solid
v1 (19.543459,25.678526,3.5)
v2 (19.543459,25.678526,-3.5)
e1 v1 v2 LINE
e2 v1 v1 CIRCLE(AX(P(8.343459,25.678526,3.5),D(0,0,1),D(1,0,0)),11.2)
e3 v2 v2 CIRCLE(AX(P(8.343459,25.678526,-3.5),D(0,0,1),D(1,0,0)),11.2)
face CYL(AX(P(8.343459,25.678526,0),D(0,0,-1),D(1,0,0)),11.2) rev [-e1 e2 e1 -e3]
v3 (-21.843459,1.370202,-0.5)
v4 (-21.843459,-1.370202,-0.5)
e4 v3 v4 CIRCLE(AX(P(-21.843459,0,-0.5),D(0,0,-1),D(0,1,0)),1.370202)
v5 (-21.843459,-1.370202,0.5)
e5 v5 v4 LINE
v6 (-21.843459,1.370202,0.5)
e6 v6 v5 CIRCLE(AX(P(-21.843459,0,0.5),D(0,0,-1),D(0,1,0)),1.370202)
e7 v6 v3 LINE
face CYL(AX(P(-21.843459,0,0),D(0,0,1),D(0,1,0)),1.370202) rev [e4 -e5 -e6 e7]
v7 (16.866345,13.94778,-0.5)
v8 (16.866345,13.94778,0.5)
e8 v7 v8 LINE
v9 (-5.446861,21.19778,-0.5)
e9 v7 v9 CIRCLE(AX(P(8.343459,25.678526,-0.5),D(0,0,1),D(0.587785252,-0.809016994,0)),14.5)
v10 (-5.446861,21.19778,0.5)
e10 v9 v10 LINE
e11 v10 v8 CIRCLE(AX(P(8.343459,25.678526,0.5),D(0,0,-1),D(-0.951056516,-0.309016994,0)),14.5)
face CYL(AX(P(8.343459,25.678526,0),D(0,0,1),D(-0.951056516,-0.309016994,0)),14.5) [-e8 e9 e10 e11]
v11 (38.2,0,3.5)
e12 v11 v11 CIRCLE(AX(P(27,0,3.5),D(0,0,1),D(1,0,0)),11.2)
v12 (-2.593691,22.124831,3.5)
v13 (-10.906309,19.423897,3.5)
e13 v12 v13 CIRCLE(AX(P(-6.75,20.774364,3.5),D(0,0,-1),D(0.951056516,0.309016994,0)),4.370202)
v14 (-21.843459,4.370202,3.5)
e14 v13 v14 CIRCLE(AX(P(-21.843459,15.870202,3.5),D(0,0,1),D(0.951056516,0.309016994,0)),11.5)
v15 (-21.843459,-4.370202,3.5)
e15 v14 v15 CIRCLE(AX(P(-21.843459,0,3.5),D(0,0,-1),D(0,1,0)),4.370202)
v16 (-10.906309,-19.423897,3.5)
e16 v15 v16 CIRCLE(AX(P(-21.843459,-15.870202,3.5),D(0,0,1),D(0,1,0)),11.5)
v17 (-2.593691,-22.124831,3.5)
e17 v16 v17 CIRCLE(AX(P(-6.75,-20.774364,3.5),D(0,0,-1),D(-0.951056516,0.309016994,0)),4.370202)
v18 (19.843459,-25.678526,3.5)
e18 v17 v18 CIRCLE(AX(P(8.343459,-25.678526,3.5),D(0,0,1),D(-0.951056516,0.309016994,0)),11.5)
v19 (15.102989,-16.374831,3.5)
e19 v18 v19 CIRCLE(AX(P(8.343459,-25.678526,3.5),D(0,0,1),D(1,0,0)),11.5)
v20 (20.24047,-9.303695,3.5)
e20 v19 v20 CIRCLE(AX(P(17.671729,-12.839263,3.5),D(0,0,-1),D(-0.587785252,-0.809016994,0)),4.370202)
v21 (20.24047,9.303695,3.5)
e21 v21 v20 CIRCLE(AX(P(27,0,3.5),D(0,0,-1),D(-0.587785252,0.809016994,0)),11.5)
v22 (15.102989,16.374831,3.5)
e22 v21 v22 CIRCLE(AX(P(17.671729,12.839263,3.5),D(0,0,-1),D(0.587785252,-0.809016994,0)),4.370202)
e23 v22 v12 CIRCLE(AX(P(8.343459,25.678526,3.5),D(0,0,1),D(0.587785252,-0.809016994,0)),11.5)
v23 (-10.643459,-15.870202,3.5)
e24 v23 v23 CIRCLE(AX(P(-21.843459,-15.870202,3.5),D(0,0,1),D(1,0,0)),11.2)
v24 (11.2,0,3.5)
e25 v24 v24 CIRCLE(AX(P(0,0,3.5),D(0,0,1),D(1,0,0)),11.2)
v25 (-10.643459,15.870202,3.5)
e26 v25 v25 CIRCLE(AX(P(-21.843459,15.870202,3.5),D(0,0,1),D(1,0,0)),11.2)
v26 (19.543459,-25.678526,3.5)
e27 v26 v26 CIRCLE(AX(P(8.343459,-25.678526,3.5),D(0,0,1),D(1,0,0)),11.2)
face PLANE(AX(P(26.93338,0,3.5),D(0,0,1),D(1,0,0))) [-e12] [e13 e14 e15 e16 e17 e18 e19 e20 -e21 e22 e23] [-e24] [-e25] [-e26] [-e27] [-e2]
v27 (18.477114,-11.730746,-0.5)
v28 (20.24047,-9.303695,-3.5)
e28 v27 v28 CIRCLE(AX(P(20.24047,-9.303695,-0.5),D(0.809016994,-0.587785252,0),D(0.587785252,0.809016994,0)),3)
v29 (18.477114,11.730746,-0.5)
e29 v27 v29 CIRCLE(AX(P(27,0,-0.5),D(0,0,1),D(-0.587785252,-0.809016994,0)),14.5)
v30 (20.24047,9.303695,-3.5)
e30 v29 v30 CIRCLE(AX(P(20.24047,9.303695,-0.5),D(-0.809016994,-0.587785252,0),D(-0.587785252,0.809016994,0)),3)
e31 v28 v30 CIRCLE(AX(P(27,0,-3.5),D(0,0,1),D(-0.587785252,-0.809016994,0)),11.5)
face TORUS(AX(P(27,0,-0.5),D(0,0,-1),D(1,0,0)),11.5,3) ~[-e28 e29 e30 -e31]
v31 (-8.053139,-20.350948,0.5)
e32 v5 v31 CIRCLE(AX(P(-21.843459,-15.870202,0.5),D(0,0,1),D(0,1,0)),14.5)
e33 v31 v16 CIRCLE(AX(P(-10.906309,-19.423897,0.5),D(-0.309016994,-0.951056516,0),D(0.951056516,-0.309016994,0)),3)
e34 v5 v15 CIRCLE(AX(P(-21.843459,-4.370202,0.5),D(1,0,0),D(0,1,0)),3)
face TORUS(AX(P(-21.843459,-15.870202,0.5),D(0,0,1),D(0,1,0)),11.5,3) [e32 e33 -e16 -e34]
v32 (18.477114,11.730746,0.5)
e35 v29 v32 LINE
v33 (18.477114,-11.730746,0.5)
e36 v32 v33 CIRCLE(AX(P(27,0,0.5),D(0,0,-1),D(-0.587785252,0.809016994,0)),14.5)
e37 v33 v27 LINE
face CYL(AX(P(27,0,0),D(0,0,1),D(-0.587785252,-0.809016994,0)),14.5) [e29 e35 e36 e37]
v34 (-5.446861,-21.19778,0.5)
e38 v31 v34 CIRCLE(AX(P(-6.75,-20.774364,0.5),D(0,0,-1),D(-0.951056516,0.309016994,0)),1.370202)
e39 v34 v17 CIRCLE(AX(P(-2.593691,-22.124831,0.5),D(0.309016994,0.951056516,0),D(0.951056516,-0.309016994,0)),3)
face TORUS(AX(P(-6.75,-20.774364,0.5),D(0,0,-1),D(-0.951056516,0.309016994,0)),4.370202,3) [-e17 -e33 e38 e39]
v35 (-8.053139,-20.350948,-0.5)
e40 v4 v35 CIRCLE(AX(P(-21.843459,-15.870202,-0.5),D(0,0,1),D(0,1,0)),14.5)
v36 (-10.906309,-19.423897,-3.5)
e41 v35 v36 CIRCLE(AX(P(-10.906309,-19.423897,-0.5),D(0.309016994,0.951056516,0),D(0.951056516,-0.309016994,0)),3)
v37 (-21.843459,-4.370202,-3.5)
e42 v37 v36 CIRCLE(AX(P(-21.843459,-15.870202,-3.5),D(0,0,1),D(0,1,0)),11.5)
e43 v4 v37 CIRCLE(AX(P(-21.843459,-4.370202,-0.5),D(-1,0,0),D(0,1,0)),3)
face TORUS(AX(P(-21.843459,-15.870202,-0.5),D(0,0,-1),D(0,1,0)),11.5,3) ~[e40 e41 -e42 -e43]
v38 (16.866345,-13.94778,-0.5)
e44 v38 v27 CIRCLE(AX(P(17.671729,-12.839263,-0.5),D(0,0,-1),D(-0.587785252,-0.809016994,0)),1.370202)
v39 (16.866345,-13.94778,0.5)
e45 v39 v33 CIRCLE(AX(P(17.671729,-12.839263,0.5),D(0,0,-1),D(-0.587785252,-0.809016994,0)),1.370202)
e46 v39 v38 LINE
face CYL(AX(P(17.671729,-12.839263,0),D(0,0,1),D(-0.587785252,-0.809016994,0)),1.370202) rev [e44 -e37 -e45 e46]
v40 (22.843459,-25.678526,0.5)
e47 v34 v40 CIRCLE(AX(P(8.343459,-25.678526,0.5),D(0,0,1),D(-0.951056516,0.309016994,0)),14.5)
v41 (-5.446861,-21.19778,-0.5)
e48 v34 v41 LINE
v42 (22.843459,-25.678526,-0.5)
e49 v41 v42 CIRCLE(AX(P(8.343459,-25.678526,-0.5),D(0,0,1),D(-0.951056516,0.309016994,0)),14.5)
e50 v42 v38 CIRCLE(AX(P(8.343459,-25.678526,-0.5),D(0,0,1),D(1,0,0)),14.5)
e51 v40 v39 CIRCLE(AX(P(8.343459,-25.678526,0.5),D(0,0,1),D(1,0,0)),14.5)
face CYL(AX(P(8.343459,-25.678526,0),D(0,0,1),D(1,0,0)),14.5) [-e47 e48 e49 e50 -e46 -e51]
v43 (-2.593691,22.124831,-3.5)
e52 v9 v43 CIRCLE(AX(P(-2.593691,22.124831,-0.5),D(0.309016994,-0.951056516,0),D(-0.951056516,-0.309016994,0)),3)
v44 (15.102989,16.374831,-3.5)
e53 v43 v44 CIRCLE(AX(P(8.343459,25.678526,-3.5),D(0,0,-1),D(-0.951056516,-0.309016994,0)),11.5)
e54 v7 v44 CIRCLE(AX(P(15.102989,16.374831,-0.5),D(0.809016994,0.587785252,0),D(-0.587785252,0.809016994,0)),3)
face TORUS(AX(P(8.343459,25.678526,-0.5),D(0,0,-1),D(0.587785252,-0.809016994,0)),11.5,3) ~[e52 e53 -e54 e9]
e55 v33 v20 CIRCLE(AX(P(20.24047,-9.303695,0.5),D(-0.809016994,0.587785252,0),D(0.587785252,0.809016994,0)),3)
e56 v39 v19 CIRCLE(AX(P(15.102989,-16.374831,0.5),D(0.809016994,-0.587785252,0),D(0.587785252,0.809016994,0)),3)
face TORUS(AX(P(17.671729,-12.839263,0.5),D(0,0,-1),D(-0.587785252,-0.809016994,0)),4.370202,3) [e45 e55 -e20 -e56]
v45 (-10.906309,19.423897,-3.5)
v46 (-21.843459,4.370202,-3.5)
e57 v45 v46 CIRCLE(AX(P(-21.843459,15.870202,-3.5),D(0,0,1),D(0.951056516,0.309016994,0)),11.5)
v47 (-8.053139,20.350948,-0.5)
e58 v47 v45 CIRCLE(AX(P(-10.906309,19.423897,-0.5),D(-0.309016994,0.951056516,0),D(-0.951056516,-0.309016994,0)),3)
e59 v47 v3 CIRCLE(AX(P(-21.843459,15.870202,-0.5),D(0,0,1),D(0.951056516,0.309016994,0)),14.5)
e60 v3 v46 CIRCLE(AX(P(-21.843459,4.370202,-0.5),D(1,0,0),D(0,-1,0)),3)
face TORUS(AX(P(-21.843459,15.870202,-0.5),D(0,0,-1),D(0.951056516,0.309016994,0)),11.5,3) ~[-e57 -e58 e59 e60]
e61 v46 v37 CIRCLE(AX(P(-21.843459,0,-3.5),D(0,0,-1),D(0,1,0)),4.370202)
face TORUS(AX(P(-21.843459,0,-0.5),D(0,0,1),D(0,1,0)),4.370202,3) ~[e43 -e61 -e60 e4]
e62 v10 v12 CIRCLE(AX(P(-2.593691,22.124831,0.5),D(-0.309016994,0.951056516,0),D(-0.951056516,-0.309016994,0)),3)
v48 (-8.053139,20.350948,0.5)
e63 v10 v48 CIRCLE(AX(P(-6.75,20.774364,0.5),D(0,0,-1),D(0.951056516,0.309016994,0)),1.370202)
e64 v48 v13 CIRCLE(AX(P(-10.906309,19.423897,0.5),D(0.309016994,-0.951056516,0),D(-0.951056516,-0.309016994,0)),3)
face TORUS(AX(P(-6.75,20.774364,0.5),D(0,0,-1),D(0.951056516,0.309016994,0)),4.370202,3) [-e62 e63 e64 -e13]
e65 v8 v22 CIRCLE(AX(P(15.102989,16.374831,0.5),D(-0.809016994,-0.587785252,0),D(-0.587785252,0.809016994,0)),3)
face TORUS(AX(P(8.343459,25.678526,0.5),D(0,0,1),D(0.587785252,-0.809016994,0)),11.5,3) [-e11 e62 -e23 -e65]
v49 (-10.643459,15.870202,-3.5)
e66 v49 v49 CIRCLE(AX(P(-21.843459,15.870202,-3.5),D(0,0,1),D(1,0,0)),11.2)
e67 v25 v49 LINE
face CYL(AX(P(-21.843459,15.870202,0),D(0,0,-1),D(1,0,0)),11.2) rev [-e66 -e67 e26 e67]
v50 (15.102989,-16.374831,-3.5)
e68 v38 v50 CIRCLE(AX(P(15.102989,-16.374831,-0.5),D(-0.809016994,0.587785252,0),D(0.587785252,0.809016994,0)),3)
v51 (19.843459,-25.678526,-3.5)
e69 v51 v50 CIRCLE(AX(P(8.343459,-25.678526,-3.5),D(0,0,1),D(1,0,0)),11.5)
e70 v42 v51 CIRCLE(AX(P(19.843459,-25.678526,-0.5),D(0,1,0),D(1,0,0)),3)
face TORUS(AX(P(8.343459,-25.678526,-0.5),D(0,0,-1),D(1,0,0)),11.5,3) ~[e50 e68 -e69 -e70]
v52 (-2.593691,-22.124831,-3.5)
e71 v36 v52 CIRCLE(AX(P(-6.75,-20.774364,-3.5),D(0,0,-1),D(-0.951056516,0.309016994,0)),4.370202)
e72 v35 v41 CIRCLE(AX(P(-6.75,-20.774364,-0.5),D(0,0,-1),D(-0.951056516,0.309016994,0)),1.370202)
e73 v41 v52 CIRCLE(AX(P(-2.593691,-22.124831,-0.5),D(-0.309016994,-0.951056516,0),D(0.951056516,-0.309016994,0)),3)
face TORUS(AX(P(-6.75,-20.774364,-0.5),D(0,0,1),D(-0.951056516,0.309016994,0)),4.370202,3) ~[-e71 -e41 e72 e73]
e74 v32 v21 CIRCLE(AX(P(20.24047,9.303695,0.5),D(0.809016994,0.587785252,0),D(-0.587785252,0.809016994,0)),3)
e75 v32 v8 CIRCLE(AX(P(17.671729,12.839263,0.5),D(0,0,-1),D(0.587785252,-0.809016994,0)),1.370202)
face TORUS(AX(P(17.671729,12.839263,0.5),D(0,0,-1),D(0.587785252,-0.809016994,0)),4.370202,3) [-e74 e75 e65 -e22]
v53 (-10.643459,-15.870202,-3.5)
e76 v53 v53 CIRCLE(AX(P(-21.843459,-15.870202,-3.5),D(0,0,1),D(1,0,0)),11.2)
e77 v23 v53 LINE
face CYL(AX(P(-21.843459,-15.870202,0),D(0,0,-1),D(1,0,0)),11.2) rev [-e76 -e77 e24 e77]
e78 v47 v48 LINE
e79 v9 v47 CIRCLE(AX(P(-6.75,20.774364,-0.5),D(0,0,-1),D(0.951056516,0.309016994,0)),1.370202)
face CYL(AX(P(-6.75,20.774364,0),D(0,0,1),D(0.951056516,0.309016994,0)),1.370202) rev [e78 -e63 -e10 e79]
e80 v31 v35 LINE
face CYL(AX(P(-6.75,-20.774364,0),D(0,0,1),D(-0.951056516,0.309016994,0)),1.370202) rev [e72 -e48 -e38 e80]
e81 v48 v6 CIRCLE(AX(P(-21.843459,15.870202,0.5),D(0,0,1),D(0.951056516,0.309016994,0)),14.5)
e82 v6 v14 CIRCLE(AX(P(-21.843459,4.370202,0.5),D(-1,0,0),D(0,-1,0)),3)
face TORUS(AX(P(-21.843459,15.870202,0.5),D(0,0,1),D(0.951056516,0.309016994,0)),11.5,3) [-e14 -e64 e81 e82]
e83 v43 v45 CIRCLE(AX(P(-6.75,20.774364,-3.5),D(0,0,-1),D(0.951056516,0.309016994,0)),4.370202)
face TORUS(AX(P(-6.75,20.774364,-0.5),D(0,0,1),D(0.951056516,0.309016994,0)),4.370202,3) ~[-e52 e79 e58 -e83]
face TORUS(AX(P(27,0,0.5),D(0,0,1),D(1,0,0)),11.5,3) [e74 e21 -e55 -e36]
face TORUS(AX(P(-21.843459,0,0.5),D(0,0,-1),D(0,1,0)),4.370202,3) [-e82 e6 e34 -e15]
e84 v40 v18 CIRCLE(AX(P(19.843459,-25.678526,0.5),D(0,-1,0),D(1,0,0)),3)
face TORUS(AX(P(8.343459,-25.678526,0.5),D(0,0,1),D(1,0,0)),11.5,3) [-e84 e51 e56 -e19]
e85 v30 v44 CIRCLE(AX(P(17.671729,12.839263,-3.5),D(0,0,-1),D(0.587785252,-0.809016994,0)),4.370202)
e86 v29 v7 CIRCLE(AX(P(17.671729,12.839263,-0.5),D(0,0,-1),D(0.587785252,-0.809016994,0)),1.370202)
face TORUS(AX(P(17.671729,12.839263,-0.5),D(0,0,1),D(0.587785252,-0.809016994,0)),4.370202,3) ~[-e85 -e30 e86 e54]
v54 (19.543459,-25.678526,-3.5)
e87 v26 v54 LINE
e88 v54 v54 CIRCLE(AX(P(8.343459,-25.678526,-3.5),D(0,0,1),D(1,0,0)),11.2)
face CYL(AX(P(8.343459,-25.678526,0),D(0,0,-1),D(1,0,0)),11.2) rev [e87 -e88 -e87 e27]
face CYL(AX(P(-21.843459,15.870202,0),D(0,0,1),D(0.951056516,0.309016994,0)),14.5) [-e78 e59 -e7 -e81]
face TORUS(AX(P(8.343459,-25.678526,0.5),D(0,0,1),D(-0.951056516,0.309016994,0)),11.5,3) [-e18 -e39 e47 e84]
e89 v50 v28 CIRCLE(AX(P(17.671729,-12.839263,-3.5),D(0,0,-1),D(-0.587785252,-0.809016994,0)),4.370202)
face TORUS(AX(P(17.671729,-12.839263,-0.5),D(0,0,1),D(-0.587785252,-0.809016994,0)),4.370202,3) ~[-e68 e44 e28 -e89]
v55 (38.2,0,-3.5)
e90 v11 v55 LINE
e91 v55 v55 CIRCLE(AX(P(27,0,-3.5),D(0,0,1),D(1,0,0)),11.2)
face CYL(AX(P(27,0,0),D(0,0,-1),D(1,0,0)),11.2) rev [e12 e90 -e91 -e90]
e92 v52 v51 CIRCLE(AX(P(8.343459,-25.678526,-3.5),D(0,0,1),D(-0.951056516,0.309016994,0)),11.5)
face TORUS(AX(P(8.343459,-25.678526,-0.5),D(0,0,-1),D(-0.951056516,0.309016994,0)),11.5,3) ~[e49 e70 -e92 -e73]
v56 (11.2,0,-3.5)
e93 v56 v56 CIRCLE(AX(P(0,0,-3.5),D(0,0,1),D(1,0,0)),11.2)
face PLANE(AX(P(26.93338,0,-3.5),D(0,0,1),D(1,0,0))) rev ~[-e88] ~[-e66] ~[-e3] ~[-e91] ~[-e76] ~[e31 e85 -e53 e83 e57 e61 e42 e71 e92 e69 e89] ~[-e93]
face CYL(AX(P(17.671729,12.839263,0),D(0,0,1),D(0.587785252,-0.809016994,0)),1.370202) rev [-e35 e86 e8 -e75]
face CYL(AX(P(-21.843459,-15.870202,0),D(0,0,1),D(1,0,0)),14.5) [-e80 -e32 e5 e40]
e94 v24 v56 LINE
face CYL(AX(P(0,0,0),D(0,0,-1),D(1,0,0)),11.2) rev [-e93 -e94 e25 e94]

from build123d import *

# Parameters (mm, degrees)
F1_R     = 11.2
F2_DEPTH = 3.5
F3_R     = 3


with BuildPart() as f2:
    # F1 (on Top) → F2 (new body, symmetric)
    with BuildSketch(Plane.XY):
        with BuildLine():
            ThreePointArc((18.4771138418, -11.7307464184), (33.5828622462, -12.9195946007), (41.5, 0))
            ThreePointArc((41.5, 0), (33.5828622462, 12.9195946007), (18.4771138418, 11.7307464184))
            ThreePointArc((18.4771138418, 11.7307464184), (12.5, 0), (18.4771138418, -11.7307464184))
        make_face()
        with Locations((27, 0)):
            Circle(F1_R, mode=Mode.SUBTRACT)
        with BuildLine():
            ThreePointArc((18.4771138418, -11.7307464184), (12.5, 0), (18.4771138418, 11.7307464184))
            ThreePointArc((18.4771138418, 11.7307464184), (16.5632128725, 12.0338785523), (16.8663450064, 13.9477795215))
            ThreePointArc((16.8663450064, 13.9477795215), (3.8627124297, 11.8882064537), (-5.4468606382, 21.1977795215))
            ThreePointArc((-5.4468606382, 21.1977795215), (-6.3265843544, 19.4712245141), (-8.0531393618, 20.3509482303))
            ThreePointArc((-8.0531393618, 20.3509482303), (-7.5219779095, 18.138501555), (-7.3434588481, 15.8702018119))
            ThreePointArc((-7.3434588481, 15.8702018119), (-11.5904105209, 5.6171534847), (-21.8434588481, 1.3702018119))
            ThreePointArc((-21.8434588481, 1.3702018119), (-20.4732570362, 0), (-21.8434588481, -1.3702018119))
            ThreePointArc((-21.8434588481, -1.3702018119), (-11.5904105209, -5.6171534847), (-7.3434588481, -15.8702018119))
            ThreePointArc((-7.3434588481, -15.8702018119), (-7.5219779095, -18.138501555), (-8.0531393618, -20.3509482303))
            ThreePointArc((-8.0531393618, -20.3509482303), (-6.3265843544, -19.4712245141), (-5.4468606382, -21.1977795215))
            ThreePointArc((-5.4468606382, -21.1977795215), (3.8627124297, -11.8882064537), (16.8663450064, -13.9477795215))
            ThreePointArc((16.8663450064, -13.9477795215), (16.5632128725, -12.0338785523), (18.4771138418, -11.7307464184))
        make_face()
        Circle(F1_R, mode=Mode.SUBTRACT)
        with BuildLine():
            ThreePointArc((-5.4468606382, 21.1977795215), (3.8627124297, 11.8882064537), (16.8663450064, 13.9477795215))
            ThreePointArc((16.8663450064, 13.9477795215), (21.2630534489, 19.0956636937), (22.8434588481, 25.67852594))
            ThreePointArc((22.8434588481, 25.67852594), (6.075159105, 40.0000068786), (-5.4468606382, 21.1977795215))
        make_face()
        with Locations((8.3434588481, 25.67852594)):
            Circle(F1_R, mode=Mode.SUBTRACT)
        with BuildLine():
            ThreePointArc((22.8434588481, -25.67852594), (21.2630534489, -19.0956636937), (16.8663450064, -13.9477795215))
            ThreePointArc((16.8663450064, -13.9477795215), (3.8627124297, -11.8882064537), (-5.4468606382, -21.1977795215))
            ThreePointArc((-5.4468606382, -21.1977795215), (6.075159105, -40.0000068786), (22.8434588481, -25.67852594))
        make_face()
        with Locations((8.3434588481, -25.67852594)):
            Circle(F1_R, mode=Mode.SUBTRACT)
        with BuildLine():
            ThreePointArc((-7.3434588481, 15.8702018119), (-7.5219779095, 18.138501555), (-8.0531393618, 20.3509482303))
            ThreePointArc((-8.0531393618, 20.3509482303), (-33.5742052666, 24.3930879701), (-21.8434588481, 1.3702018119))
            ThreePointArc((-21.8434588481, 1.3702018119), (-11.5904105209, 5.6171534847), (-7.3434588481, 15.8702018119))
        make_face()
        with Locations((-21.8434588481, 15.8702018119)):
            Circle(F1_R, mode=Mode.SUBTRACT)
        with BuildLine():
            ThreePointArc((-21.8434588481, -1.3702018119), (-33.5742052666, -24.3930879701), (-8.0531393618, -20.3509482303))
            ThreePointArc((-8.0531393618, -20.3509482303), (-7.5219779095, -18.138501555), (-7.3434588481, -15.8702018119))
            ThreePointArc((-7.3434588481, -15.8702018119), (-11.5904105209, -5.6171534847), (-21.8434588481, -1.3702018119))
        make_face()
        with Locations((-21.8434588481, -15.8702018119)):
            Circle(F1_R, mode=Mode.SUBTRACT)
    extrude(amount=F2_DEPTH, both=True)

    # F3
    f3_edges = [f2.edges().sort_by_distance(p)[0] for p in [
        (-33.574205, -24.393088, 3.5),
        (-33.574205, -24.393088, -3.5),
    ]]
    fillet(f3_edges, radius=F3_R)


solid = f2.part
